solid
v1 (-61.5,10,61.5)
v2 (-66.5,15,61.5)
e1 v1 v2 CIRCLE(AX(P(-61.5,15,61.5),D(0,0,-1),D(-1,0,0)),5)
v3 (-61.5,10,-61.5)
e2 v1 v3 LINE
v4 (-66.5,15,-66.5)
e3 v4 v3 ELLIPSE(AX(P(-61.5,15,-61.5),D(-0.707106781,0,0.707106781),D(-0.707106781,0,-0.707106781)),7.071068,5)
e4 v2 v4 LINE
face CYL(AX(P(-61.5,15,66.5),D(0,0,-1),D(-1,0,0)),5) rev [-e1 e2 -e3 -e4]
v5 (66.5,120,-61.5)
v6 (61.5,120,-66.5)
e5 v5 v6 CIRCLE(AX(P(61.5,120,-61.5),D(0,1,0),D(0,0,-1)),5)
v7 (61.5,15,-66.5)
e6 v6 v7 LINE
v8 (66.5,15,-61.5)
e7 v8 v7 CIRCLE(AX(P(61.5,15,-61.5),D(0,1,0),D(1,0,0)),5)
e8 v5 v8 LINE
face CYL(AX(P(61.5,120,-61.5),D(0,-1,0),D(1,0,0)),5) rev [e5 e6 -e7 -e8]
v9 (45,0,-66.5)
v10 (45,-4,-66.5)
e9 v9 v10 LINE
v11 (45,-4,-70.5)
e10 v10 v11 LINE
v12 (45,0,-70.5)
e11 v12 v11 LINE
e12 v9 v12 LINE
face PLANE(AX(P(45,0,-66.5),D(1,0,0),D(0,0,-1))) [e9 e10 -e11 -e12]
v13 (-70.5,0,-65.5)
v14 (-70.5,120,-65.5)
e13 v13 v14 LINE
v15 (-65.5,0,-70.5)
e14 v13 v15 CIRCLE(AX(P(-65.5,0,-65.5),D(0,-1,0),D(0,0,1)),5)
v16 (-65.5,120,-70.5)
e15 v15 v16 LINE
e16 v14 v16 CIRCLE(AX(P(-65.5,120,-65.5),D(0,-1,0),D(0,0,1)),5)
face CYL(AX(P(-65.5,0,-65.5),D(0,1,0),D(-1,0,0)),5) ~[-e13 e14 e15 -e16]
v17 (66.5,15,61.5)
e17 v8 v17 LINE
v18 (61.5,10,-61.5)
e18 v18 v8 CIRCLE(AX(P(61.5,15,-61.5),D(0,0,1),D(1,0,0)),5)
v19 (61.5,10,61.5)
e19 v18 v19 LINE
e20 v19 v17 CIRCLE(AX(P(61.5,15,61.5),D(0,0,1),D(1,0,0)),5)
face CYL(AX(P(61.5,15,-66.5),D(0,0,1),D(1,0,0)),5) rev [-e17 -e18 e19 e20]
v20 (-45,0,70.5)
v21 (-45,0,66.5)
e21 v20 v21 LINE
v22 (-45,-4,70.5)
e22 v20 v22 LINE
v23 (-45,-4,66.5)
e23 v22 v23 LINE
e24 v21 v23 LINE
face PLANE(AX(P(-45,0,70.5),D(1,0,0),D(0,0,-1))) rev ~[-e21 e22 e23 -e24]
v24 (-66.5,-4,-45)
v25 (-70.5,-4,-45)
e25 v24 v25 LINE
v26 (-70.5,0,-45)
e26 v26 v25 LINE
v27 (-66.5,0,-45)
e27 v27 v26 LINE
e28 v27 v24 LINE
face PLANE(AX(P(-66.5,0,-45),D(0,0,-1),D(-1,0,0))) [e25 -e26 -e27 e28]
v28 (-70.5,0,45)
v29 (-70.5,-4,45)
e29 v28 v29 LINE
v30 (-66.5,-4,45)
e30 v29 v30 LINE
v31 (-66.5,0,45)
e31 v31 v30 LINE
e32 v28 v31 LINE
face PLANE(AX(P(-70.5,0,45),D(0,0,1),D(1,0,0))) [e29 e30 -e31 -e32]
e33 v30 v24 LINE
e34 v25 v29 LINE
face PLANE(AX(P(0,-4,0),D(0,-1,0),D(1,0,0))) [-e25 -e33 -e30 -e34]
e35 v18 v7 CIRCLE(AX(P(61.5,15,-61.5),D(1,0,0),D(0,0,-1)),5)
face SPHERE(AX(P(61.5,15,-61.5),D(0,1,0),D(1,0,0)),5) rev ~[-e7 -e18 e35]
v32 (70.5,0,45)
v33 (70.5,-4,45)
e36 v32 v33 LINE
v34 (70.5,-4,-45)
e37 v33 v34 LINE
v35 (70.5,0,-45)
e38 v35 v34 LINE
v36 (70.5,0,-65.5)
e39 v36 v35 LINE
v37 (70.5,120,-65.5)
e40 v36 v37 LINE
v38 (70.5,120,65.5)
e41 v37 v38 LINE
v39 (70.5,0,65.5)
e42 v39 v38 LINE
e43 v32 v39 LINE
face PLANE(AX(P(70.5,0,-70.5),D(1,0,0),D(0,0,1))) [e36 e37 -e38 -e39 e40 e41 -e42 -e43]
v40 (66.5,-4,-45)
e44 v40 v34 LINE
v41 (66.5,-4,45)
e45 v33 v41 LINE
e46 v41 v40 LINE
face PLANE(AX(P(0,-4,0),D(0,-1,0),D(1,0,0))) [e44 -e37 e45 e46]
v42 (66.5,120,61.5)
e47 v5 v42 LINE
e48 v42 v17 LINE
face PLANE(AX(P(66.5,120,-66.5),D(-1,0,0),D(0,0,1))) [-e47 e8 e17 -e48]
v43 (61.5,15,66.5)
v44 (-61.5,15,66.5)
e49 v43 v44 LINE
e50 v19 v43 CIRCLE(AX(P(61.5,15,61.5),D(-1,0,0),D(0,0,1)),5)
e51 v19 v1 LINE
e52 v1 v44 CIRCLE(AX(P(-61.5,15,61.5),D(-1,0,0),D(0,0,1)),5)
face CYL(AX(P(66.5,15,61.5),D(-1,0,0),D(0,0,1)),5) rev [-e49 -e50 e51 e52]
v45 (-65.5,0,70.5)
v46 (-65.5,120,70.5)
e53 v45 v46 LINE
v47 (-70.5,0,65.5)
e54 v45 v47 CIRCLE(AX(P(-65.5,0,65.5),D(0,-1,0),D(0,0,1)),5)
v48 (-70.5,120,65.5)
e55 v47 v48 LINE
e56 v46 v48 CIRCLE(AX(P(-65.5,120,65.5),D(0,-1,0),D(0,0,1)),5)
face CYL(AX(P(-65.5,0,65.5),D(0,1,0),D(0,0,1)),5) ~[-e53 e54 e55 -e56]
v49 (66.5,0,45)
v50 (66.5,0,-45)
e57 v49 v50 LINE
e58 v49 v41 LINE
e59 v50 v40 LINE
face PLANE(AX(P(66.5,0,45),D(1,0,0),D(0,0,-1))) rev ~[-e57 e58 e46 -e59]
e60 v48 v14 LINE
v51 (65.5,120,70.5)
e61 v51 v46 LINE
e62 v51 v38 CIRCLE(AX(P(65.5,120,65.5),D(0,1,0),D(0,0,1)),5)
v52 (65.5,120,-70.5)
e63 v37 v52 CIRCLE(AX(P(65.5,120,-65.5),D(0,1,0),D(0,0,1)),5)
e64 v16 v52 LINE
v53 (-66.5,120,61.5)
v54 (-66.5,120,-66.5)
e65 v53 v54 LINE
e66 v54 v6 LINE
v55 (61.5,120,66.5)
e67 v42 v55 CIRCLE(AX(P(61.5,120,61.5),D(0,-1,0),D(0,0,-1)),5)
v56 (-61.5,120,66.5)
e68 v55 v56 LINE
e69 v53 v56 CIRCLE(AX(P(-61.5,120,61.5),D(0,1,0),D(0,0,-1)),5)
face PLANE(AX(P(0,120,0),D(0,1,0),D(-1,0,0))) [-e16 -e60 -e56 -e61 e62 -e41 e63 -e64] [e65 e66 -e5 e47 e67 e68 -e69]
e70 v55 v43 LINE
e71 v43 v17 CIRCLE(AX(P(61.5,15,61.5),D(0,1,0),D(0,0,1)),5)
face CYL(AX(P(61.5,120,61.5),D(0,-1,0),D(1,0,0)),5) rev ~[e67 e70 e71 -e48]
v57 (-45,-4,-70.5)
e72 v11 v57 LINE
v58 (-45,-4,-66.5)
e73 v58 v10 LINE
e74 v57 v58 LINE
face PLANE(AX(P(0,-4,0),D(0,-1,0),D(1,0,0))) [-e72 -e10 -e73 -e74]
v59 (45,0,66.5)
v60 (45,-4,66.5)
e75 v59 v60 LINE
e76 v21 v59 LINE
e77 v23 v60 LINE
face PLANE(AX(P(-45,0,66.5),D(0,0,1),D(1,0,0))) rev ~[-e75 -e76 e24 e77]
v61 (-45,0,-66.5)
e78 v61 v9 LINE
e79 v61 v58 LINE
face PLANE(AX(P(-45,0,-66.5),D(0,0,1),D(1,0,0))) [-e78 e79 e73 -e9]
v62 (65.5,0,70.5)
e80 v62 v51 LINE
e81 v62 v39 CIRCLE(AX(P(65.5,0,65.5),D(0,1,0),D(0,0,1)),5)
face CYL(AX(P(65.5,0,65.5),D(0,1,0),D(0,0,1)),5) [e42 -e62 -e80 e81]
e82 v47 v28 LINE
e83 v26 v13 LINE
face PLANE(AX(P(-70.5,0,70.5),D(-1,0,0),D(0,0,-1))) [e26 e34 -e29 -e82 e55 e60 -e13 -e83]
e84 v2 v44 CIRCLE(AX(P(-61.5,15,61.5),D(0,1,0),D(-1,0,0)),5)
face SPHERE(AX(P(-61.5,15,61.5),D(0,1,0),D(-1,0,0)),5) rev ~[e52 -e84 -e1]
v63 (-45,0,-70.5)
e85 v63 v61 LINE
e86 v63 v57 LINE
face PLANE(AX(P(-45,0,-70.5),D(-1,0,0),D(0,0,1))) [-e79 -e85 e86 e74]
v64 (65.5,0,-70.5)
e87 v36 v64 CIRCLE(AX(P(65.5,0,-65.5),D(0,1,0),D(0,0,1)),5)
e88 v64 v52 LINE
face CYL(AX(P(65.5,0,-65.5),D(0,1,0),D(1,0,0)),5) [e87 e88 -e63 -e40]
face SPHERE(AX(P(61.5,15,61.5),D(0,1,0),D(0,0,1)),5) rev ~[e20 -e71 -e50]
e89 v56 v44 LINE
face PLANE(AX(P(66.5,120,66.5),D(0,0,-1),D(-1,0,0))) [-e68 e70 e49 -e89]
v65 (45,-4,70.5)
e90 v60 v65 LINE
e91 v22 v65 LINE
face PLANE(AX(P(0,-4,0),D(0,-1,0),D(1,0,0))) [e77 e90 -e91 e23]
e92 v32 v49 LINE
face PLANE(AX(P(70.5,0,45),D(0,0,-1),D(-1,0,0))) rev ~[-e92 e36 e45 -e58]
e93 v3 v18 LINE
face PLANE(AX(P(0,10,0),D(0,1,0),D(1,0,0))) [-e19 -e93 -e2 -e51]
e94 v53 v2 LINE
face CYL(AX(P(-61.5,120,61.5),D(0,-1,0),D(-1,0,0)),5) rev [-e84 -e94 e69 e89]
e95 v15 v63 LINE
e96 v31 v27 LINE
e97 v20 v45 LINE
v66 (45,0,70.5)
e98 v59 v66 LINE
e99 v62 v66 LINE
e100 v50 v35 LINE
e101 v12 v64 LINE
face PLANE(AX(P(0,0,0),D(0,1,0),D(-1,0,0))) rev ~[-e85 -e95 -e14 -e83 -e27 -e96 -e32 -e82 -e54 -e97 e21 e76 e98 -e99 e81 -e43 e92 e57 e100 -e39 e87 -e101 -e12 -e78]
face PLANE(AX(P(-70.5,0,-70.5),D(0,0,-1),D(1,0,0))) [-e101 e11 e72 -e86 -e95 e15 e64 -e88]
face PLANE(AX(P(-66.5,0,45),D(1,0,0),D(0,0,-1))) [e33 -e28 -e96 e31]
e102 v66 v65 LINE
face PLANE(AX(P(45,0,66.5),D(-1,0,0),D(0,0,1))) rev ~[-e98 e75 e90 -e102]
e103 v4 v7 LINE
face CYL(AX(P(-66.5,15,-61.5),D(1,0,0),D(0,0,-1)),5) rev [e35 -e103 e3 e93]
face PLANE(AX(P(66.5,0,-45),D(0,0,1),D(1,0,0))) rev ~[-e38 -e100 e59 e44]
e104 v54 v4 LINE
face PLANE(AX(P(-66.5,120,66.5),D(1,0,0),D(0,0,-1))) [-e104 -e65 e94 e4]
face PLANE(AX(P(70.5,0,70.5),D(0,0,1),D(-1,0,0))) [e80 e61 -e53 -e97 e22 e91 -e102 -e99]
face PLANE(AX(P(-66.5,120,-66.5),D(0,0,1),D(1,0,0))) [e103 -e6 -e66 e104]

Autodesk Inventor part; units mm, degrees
ref_plane "YZ Plane" through (0, 0, 0) normal (1, 0, 0) x (0, 1, 0)
ref_plane "XZ Plane" through (0, 0, 0) normal (0, 1, 0) x (-1, 0, 0)
ref_plane "XY Plane" through (0, 0, 0) normal (0, 0, 1) x (1, 0, 0)
sketch "Эскиз1" plane through (0, 0, 0) normal (0, 1, 0) x (-1, 0, 0)
  line L0 (-70.5, 70.5) -> (70.5, 70.5)
  line L1 (70.5, 70.5) -> (70.5, -70.5)
  line L2 (70.5, -70.5) -> (-70.5, -70.5)
  line L3 (-70.5, -70.5) -> (-70.5, 70.5)
  line L4 (-70.5, 70.5) -> (70.5, -70.5) construction
  line L5 (70.5, 70.5) -> (-70.5, -70.5) construction
  point P0 (0, 0)
  dimension "d0" = 141
extrude "Выдавливание1" add sketch "Эскиз1" along normal blind 120
sketch "Эскиз2" plane through (0, 120, 0) normal (0, 1, 0) x (1, 0, 0)
  line L0 (66.5, -66.5) -> (-66.5, -66.5)
  line L1 (-66.5, -66.5) -> (-66.5, 66.5)
  line L2 (-66.5, 66.5) -> (66.5, 66.5)
  line L3 (66.5, 66.5) -> (66.5, -66.5)
  line L4 (66.5, -66.5) -> (-66.5, 66.5) construction
  line L5 (-66.5, -66.5) -> (66.5, 66.5) construction
  line L6 (-70.5, 70.5) -> (-70.5, -70.5) projected
  point P0 (0, 0)
  dimension "d3" = 4
extrude "Выдавливание2" cut sketch "Эскиз2" against normal blind 110
fillet "Сопряжение1" radius 5 11 edges at (70.5, 60, 70.5) (66.5, 65, 66.5) (70.5, 60, -70.5) (66.5, 65, -66.5) (-66.5, 65, 66.5) (-66.5, 10, 0) (0, 10, 66.5) (66.5, 10, 0) (0, 10, -66.5) (-70.5, 60, -70.5) (-70.5, 60, 70.5)
sketch "Эскиз3" plane through (0, 0, 0) normal (0, -1, 0) x (1, 0, 0)
  arc A0 (-65.5, 70.5) -> (-70.5, 65.5) centre (-65.5, 65.5) ccw projected
  line L0 (-70.5, -65.5) -> (-70.5, 65.5) projected
  arc A1 (-70.5, -65.5) -> (-65.5, -70.5) centre (-65.5, -65.5) ccw projected
  line L1 (65.5, -70.5) -> (-65.5, -70.5) projected
  arc A2 (65.5, -70.5) -> (70.5, -65.5) centre (65.5, -65.5) ccw projected
  line L2 (70.5, 65.5) -> (70.5, -65.5) projected
  arc A3 (70.5, 65.5) -> (65.5, 70.5) centre (65.5, 65.5) ccw projected
  line L3 (-65.5, 70.5) -> (65.5, 70.5) projected
  line L4 (45, -70.5) -> (-45, -70.5)
  line L5 (-45, -70.5) -> (-45, -66.5)
  line L6 (-45, -66.5) -> (45, -66.5)
  line L7 (45, -66.5) -> (45, -70.5)
  line L8 (70.5, 65.5) -> (70.5, -65.5) projected
  line L9 (70.5, -45) -> (70.5, 45)
  line L10 (70.5, 45) -> (66.5, 45)
  line L11 (66.5, 45) -> (66.5, -45)
  line L12 (66.5, -45) -> (70.5, -45)
  line L13 (-70.5, -45) -> (-70.5, 45)
  line L14 (-70.5, 45) -> (-66.5, 45)
  line L15 (-66.5, 45) -> (-66.5, -45)
  line L16 (-66.5, -45) -> (-70.5, -45)
  line L17 (-65.5, 70.5) -> (65.5, 70.5) projected
  line L18 (45, 70.5) -> (-45, 70.5)
  line L19 (-45, 70.5) -> (-45, 66.5)
  line L20 (-45, 66.5) -> (45, 66.5)
  line L21 (45, 66.5) -> (45, 70.5)
  line L22 (0, 0) -> (0, -15.64) construction
  line L23 (0, 0) -> (-17.2484, 0) construction
  point P0 (45, 70.5)
  point P1 (-45, 70.5)
  point P2 (70.5, 45)
  dimension "d7" = 4
  dimension "d8" = 90
extrude "Выдавливание3" add sketch "Эскиз3" along normal blind 4 contours L3 L21 L20 L19 | L14 L15 L16 L0 | L2 L12 L11 L10 | L5 L6 L7 L1
properties part number "сосуд"
